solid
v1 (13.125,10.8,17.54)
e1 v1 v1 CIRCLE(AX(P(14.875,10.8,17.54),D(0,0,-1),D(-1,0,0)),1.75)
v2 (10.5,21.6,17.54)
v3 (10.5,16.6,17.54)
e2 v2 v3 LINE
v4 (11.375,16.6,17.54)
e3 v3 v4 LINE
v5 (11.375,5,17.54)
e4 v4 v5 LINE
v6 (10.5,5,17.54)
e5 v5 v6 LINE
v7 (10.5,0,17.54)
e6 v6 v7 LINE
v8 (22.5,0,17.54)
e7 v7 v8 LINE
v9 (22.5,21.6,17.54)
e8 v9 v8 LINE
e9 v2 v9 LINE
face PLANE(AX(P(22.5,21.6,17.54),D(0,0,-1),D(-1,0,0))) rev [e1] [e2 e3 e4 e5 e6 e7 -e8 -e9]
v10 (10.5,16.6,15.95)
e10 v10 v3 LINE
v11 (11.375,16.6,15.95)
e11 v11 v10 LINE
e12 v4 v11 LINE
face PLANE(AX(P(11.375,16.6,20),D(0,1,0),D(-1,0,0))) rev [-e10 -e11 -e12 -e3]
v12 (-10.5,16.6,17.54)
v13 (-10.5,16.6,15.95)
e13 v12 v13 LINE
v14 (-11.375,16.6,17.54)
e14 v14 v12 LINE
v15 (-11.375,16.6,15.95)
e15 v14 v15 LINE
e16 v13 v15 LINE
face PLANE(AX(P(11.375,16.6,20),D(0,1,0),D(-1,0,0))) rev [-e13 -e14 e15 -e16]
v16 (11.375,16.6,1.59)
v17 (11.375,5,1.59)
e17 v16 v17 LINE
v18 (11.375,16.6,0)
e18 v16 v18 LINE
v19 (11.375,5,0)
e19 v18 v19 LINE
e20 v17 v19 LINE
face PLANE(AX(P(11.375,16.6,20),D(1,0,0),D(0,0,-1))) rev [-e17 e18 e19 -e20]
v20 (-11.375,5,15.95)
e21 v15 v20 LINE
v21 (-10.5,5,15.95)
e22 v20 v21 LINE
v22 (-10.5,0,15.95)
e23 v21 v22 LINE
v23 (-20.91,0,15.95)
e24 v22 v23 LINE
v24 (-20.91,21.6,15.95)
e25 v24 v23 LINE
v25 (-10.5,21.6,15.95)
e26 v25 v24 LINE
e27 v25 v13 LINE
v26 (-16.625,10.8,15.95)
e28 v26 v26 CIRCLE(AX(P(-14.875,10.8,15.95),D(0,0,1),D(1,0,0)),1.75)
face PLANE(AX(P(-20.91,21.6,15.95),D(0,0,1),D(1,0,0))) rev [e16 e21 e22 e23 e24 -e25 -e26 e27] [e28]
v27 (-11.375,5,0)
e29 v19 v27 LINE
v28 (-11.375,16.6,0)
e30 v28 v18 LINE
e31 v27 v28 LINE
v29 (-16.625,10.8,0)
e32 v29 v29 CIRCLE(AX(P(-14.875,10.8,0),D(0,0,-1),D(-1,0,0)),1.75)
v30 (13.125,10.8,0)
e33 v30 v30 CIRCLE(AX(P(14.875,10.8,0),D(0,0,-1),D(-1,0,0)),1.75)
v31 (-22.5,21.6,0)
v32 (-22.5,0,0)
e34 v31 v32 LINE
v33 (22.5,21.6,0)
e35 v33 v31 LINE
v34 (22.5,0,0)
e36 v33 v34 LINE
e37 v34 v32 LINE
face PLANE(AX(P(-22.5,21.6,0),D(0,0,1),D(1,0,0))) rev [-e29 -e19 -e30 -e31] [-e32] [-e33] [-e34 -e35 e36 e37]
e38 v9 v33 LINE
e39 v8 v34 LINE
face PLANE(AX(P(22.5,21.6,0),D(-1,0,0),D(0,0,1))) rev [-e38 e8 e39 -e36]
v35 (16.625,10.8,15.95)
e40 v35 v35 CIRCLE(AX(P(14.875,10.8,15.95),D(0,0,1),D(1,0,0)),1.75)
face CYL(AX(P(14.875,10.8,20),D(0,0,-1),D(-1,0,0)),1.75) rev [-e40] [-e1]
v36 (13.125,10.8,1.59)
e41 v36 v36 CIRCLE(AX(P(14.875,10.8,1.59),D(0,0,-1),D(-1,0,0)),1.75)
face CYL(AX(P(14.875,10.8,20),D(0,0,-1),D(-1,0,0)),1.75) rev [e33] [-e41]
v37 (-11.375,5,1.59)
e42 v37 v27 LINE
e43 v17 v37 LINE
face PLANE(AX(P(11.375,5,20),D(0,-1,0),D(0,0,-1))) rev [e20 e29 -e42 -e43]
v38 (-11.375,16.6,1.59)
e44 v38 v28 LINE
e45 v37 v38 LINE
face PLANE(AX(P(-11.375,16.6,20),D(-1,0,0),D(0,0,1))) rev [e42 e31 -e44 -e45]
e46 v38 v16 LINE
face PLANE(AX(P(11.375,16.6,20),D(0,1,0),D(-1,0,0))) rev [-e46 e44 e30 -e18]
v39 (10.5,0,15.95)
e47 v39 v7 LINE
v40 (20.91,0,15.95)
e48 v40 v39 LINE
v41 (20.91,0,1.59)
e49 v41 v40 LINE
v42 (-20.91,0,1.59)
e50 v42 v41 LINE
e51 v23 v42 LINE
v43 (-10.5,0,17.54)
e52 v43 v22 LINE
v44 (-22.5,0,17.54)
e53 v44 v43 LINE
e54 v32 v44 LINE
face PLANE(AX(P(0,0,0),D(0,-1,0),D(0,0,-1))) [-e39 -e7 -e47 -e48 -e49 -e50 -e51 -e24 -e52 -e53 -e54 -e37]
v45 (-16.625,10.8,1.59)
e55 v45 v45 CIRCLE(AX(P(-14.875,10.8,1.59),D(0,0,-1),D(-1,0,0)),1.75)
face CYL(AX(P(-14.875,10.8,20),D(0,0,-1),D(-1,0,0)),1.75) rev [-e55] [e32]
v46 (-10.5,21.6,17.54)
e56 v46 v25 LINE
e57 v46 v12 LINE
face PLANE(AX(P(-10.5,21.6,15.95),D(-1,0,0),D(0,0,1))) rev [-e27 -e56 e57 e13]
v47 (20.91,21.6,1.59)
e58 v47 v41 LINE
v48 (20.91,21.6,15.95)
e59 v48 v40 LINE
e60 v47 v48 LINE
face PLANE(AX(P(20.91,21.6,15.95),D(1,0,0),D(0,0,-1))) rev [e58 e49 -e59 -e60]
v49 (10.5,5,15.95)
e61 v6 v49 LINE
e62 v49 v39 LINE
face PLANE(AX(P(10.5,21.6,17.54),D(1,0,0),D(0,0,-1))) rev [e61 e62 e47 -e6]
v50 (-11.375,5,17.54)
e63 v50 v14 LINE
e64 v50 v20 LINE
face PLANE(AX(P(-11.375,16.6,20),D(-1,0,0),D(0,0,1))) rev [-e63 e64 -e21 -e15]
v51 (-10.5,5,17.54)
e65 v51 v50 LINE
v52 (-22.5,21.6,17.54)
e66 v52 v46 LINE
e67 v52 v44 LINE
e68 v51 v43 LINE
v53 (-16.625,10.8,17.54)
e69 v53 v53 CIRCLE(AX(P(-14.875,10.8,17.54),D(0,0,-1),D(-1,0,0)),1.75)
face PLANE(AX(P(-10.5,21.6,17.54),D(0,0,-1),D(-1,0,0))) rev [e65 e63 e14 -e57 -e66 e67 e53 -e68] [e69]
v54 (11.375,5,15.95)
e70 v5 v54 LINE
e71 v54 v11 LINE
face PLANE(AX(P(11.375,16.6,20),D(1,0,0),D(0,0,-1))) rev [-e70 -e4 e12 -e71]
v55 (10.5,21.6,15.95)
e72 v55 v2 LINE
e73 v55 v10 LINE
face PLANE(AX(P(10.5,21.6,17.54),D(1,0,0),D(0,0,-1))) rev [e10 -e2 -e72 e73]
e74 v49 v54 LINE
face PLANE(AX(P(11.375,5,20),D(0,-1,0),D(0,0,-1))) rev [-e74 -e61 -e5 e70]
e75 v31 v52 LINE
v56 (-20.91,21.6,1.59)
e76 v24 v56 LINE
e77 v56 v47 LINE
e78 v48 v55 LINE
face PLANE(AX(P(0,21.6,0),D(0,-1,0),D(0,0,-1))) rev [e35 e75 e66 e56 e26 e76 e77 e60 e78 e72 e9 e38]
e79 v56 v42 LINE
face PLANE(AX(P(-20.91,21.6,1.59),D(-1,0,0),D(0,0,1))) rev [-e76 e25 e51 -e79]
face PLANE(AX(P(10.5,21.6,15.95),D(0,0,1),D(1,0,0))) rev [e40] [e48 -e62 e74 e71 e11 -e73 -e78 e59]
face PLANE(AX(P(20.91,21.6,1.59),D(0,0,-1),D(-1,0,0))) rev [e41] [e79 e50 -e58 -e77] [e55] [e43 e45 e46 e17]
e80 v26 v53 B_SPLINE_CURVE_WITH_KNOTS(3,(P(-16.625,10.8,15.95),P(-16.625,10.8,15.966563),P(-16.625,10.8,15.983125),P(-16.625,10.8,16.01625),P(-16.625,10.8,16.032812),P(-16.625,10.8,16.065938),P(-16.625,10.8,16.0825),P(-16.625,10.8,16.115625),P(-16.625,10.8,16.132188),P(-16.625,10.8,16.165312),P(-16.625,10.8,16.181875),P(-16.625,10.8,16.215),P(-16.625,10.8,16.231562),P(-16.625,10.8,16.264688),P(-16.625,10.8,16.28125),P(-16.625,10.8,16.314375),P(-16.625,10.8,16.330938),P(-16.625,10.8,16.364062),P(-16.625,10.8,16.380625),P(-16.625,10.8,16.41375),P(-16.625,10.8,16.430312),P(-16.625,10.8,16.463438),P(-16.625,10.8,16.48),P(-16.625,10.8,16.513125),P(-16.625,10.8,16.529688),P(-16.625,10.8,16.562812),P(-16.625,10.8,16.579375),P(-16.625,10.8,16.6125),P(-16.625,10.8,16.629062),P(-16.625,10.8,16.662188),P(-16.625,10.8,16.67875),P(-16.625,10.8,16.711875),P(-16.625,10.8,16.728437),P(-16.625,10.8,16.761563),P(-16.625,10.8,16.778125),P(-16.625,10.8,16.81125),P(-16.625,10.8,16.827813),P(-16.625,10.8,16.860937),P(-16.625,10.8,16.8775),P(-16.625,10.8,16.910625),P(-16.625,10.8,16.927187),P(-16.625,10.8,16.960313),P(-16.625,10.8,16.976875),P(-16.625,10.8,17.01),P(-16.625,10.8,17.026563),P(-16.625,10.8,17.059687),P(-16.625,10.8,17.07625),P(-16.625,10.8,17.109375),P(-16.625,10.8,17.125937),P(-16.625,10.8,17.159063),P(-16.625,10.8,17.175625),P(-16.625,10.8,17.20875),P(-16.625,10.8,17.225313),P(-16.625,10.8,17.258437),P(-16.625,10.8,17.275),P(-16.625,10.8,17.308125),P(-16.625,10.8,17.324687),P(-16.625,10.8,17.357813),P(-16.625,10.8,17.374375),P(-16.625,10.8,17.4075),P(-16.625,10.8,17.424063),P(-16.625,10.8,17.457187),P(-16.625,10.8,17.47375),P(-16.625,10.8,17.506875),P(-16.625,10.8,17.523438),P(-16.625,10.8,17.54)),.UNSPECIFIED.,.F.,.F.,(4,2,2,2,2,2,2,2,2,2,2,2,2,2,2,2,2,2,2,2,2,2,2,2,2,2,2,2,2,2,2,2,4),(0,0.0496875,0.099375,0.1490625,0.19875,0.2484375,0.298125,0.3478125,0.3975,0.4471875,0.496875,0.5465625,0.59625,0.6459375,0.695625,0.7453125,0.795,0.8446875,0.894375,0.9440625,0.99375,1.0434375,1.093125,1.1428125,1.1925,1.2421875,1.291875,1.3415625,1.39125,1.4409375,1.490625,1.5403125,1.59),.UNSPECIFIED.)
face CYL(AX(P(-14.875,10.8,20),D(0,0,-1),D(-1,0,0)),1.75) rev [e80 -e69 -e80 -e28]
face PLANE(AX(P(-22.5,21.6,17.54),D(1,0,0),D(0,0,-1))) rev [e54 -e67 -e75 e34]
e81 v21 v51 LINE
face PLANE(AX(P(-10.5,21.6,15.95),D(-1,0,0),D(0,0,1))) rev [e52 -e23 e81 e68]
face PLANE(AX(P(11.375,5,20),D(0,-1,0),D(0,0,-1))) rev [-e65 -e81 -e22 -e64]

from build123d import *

# Parameters (mm, degrees)
BOSS_EXTRUDE1_DEPTH = 21.6
SKETCH4_R           = 1.75
SKETCH4_W           = 22.75
SKETCH4_H           = 11.6
CUT_EXTRUDE2_DEPTH  = 20


with BuildPart() as part:
    # Sketch2 → Boss-Extrude1 (new body)
    with BuildSketch(Plane(origin=(0, 0, 0), x_dir=(1, 0, 0), z_dir=(0, 1, 0))):
        Polygon((-22.5, 0), (22.5, 0), (22.5, -17.54), (10.5, -17.54), (10.5, -15.95), (20.91, -15.95), (20.91, -1.59), (-20.91, -1.59), (-20.91, -15.95), (-10.5, -15.95), (-10.5, -17.54), (-22.5, -17.54), align=None)
    extrude(amount=BOSS_EXTRUDE1_DEPTH)

    # Sketch4 → Cut-Extrude2 (cut)
    with BuildSketch(Plane(origin=(0, 0, 0), x_dir=(-1, 0, 0), z_dir=(0, 0, -1))):
        with Locations((-14.875, 10.8)):
            Circle(SKETCH4_R)
        with Locations((14.875, 10.8)):
            Circle(SKETCH4_R)
        with Locations((0, 10.8)):
            Rectangle(SKETCH4_W, SKETCH4_H)
    extrude(amount=-CUT_EXTRUDE2_DEPTH, mode=Mode.SUBTRACT)


solid = part.part
